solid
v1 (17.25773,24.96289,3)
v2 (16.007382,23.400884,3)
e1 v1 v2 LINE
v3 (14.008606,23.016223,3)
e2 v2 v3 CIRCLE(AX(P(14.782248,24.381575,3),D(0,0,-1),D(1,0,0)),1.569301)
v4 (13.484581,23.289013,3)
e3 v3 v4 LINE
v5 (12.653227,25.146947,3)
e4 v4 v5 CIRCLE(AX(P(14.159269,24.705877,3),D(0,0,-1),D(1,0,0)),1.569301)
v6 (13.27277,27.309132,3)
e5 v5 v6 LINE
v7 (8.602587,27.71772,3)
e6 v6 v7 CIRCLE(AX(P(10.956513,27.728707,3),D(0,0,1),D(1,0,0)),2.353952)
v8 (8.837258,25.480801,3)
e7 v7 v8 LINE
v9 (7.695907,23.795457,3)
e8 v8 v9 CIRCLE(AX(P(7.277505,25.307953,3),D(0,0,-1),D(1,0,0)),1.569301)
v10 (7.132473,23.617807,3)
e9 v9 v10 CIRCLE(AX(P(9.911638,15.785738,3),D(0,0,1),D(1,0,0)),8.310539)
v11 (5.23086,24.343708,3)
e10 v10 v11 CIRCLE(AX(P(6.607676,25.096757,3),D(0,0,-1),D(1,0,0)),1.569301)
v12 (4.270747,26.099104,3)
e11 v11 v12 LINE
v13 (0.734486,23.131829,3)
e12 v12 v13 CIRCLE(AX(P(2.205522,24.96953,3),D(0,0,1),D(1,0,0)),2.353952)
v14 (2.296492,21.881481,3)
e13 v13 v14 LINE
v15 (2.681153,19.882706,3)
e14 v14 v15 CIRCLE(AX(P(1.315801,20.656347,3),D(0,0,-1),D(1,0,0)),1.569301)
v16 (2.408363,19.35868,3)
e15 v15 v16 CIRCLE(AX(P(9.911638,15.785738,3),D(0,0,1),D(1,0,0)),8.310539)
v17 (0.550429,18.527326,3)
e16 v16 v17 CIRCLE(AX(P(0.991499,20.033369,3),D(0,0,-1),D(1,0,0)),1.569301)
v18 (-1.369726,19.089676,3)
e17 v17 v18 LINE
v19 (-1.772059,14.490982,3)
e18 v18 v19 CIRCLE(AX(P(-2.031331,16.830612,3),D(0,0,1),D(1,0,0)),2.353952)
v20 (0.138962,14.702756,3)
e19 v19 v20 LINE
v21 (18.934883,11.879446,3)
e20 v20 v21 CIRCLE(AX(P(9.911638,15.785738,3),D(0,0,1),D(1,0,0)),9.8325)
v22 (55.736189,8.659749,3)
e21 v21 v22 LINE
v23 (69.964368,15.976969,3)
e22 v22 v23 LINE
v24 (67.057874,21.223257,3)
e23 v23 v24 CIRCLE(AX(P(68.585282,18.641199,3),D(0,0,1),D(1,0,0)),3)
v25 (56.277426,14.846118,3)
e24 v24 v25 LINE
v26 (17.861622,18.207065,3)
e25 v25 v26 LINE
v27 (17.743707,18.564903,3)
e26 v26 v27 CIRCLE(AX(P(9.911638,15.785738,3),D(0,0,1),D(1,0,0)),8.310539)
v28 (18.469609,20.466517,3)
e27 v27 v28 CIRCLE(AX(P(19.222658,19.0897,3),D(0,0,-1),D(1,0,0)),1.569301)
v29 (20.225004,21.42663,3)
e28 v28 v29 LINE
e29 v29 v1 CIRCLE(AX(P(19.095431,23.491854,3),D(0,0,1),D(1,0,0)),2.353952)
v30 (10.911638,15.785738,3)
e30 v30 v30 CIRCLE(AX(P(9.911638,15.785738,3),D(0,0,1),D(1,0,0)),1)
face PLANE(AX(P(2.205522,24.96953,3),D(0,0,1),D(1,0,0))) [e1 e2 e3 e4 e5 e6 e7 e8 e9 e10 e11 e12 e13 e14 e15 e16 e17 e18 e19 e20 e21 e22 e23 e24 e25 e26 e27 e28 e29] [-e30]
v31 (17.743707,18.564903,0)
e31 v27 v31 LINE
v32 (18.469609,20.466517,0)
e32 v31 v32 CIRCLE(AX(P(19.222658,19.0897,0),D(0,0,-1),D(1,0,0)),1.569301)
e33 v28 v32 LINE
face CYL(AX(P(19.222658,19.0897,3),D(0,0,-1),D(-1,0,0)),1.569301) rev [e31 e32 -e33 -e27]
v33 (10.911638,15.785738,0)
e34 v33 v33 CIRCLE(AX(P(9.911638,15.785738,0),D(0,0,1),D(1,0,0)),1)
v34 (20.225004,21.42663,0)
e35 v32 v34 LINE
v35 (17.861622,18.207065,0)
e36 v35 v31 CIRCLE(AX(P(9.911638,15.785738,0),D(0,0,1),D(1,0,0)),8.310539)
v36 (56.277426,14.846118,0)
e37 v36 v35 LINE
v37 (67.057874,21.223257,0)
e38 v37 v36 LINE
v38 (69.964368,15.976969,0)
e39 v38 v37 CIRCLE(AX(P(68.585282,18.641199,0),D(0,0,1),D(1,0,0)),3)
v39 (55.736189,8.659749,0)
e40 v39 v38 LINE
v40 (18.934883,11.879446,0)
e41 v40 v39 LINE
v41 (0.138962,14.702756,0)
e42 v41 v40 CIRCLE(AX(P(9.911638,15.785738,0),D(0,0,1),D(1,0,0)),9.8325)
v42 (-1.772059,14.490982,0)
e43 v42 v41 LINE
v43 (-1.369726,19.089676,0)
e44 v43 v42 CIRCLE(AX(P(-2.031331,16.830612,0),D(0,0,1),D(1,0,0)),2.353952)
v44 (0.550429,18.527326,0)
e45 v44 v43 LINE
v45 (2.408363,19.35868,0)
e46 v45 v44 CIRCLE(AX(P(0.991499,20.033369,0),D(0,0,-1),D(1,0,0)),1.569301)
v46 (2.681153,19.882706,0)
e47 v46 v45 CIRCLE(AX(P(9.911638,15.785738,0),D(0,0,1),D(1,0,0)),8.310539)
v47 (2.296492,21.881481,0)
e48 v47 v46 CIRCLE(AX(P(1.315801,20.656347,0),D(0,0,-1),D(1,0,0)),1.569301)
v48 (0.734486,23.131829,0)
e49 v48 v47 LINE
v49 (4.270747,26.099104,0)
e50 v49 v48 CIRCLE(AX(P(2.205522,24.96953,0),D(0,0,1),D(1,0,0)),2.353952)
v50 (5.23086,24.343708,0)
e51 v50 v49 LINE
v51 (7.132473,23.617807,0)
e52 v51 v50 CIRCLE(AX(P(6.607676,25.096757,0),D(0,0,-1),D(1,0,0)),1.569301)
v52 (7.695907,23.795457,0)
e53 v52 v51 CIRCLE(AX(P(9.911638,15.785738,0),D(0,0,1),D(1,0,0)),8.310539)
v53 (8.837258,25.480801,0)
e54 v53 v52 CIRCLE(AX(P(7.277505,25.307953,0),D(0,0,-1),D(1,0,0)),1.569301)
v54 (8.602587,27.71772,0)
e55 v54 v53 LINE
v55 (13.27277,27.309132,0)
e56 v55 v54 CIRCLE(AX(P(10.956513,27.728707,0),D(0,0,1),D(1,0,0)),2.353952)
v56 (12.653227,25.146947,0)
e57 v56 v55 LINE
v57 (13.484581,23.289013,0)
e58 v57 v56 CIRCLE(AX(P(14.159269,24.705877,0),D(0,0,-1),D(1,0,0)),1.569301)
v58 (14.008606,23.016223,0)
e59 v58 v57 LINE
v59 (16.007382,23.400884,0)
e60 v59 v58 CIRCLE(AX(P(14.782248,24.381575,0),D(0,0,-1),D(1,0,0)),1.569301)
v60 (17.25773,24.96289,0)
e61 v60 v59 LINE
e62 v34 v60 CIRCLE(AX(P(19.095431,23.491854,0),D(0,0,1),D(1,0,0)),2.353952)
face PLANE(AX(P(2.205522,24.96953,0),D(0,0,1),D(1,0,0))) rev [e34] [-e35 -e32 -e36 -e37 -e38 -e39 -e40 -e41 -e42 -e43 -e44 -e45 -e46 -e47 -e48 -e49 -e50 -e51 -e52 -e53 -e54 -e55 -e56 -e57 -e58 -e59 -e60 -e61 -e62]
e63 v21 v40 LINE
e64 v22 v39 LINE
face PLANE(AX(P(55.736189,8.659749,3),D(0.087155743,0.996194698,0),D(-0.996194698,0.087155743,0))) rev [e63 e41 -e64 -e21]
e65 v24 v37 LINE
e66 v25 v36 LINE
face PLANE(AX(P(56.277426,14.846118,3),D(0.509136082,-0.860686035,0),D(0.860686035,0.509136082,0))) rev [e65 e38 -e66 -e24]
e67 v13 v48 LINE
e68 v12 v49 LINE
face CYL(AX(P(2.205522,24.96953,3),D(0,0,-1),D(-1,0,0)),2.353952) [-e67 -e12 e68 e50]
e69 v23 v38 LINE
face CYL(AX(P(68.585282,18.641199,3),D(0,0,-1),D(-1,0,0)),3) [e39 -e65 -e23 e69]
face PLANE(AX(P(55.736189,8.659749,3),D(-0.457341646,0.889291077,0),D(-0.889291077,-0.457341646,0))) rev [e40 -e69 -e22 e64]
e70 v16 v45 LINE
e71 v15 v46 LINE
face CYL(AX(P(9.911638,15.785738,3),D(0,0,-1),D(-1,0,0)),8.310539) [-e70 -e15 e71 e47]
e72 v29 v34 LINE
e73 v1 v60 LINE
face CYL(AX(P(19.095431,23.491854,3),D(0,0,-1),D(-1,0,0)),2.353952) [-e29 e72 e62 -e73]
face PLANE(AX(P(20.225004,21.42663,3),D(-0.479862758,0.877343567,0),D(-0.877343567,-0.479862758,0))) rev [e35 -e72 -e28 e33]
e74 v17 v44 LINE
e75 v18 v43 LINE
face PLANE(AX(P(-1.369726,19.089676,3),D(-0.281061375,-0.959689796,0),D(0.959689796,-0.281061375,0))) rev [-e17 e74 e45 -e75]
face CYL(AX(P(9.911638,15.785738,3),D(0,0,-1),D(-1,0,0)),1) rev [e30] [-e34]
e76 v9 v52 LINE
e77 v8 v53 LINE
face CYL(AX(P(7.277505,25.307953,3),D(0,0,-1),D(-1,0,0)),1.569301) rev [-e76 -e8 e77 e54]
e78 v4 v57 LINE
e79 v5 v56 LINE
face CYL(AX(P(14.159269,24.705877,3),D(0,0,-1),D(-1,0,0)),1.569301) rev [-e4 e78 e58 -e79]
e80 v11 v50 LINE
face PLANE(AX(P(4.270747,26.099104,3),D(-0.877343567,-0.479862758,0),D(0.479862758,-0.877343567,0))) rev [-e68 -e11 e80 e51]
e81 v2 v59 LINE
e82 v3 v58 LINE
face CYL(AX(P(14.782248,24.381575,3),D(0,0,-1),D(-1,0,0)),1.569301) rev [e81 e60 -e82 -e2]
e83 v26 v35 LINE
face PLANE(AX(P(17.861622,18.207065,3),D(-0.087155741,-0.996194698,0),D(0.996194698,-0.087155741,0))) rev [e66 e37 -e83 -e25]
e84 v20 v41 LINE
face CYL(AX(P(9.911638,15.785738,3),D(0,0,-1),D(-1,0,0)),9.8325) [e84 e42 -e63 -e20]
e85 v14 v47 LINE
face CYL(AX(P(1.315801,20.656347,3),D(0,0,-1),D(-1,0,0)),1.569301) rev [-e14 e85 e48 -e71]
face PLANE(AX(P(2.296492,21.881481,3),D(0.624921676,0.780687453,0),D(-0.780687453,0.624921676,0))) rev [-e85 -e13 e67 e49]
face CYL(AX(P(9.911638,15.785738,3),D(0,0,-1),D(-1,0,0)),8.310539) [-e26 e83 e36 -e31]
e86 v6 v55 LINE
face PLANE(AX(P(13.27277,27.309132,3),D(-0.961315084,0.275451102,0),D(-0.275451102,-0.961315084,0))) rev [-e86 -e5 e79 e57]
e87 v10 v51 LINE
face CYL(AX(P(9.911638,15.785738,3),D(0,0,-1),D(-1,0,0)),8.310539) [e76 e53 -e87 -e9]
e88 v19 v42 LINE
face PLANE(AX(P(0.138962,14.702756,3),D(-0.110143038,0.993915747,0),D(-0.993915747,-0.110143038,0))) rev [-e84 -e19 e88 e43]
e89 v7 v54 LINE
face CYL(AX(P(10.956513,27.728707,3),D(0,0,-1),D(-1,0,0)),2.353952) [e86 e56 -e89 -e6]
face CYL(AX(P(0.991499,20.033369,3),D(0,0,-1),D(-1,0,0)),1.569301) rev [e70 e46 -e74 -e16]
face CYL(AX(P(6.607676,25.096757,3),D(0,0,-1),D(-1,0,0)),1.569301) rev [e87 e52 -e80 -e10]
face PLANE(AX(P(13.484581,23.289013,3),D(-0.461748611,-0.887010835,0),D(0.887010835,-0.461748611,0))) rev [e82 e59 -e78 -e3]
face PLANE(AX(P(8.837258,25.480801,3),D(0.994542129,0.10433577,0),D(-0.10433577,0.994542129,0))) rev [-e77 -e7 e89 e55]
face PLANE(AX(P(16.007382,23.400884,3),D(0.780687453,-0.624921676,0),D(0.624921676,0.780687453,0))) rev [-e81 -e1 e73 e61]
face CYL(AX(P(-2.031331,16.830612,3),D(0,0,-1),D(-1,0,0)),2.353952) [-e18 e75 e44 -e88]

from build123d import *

# Parameters (mm, degrees)
MODEL_R                 = 1
SALIENTE_EXTRUIR1_DEPTH = 3


with BuildPart() as part:
    # Model → Saliente-Extruir1 (new body)
    with BuildSketch(Plane.XY):
        with BuildLine():
            Line((17.861622063, 18.20706488), (56.277425925, 14.846117598))
            Line((56.277425925, 14.846117598), (67.057874252, 21.223257456))
            ThreePointArc((67.057874252, 21.223257456), (71.209474737, 20.095027087), (69.964368376, 15.976969231))
            Line((69.964368376, 15.976969231), (55.736188762, 8.659748523))
            Line((55.736188762, 8.659748523), (18.934882774, 11.8794456))
            ThreePointArc((18.934882774, 11.8794456), (8.451096418, 6.06231898), (0.138961898, 14.702756365))
            Line((0.138961898, 14.702756365), (-1.772059081, 14.490982222))
            ThreePointArc((-1.772059081, 14.490982222), (-1.880981546, 14.481466547), (-1.990228383, 14.477019049))
            ThreePointArc((-1.990228383, 14.477019049), (-2.005285406, 14.476804272), (-2.020343495, 14.476685822))
            ThreePointArc((-2.020343495, 14.476685822), (-4.376324998, 17.035772608), (-1.611755391, 19.146869222))
            ThreePointArc((-1.611755391, 19.146869222), (-1.596946637, 19.144137761), (-1.582155659, 19.141311623))
            ThreePointArc((-1.582155659, 19.141311623), (-1.475340827, 19.117961178), (-1.369725519, 19.08967588))
            Line((-1.369725519, 19.08967588), (0.550429384, 18.527326068))
            ThreePointArc((0.550429384, 18.527326068), (1.632460158, 18.600931479), (2.408362946, 19.35868026))
            ThreePointArc((2.408362946, 19.35868026), (2.540100184, 19.623117729), (2.6811533, 19.882705658))
            ThreePointArc((2.6811533, 19.882705658), (2.856825208, 20.952914859), (2.296491875, 21.881480908))
            Line((2.296491875, 21.881480908), (0.734486272, 23.131829117))
            ThreePointArc((0.734486272, 23.131829117), (0.65073786, 23.202120333), (0.570343825, 23.276224656))
            ThreePointArc((0.570343825, 23.276224656), (0.559545032, 23.286719709), (0.548813598, 23.297283629))
            ThreePointArc((0.548813598, 23.297283629), (0.692430721, 26.772761747), (4.140047368, 26.310686561))
            ThreePointArc((4.140047368, 26.310686561), (4.148587304, 26.298283756), (4.157047724, 26.285826574))
            ThreePointArc((4.157047724, 26.285826574), (4.216065957, 26.193785825), (4.270746533, 26.099103798))
            Line((4.270746533, 26.099103798), (5.230859716, 24.343707882))
            ThreePointArc((5.230859716, 24.343707882), (6.048017899, 23.630643468), (7.132473325, 23.617806645))
            ThreePointArc((7.132473325, 23.617806645), (7.412611146, 23.711639877), (7.695907146, 23.795456646))
            ThreePointArc((7.695907146, 23.795456646), (8.576878126, 24.427990033), (8.837257977, 25.480800883))
            Line((8.837257977, 25.480800883), (8.602586519, 27.717719751))
            ThreePointArc((8.602586519, 27.717719751), (11.161673306, 30.073701254), (13.272769919, 27.309131647))
            Line((13.272769919, 27.309131647), (12.653226766, 25.146946875))
            ThreePointArc((12.653226766, 25.146946875), (12.726832176, 24.064916101), (13.484580957, 23.289013313))
            Line((13.484580957, 23.289013313), (14.008606355, 23.016222959))
            ThreePointArc((14.008606355, 23.016222959), (15.078815556, 22.840551052), (16.007381606, 23.400884385))
            Line((16.007381606, 23.400884385), (17.257729815, 24.962889987))
            ThreePointArc((17.257729815, 24.962889987), (17.328021031, 25.046638399), (17.402125353, 25.127032434))
            ThreePointArc((17.402125353, 25.127032434), (17.412620407, 25.137831227), (17.423184327, 25.148562661))
            ThreePointArc((17.423184327, 25.148562661), (20.898662444, 25.004945538), (20.436587259, 21.557328891))
            ThreePointArc((20.436587259, 21.557328891), (20.424184454, 21.548788955), (20.411727272, 21.540328535))
            ThreePointArc((20.411727272, 21.540328535), (20.319686522, 21.481310302), (20.225004495, 21.426629727))
            Line((20.225004495, 21.426629727), (18.46960858, 20.466516543))
            ThreePointArc((18.46960858, 20.466516543), (17.756544167, 19.64935836), (17.743707345, 18.564902935))
            ThreePointArc((17.743707345, 18.564902935), (17.804692888, 18.386652235), (17.861622063, 18.20706488))
        make_face()
        with Locations((9.911638477, 15.785737779)):
            Circle(MODEL_R, mode=Mode.SUBTRACT)
    extrude(amount=SALIENTE_EXTRUIR1_DEPTH)


solid = part.part
